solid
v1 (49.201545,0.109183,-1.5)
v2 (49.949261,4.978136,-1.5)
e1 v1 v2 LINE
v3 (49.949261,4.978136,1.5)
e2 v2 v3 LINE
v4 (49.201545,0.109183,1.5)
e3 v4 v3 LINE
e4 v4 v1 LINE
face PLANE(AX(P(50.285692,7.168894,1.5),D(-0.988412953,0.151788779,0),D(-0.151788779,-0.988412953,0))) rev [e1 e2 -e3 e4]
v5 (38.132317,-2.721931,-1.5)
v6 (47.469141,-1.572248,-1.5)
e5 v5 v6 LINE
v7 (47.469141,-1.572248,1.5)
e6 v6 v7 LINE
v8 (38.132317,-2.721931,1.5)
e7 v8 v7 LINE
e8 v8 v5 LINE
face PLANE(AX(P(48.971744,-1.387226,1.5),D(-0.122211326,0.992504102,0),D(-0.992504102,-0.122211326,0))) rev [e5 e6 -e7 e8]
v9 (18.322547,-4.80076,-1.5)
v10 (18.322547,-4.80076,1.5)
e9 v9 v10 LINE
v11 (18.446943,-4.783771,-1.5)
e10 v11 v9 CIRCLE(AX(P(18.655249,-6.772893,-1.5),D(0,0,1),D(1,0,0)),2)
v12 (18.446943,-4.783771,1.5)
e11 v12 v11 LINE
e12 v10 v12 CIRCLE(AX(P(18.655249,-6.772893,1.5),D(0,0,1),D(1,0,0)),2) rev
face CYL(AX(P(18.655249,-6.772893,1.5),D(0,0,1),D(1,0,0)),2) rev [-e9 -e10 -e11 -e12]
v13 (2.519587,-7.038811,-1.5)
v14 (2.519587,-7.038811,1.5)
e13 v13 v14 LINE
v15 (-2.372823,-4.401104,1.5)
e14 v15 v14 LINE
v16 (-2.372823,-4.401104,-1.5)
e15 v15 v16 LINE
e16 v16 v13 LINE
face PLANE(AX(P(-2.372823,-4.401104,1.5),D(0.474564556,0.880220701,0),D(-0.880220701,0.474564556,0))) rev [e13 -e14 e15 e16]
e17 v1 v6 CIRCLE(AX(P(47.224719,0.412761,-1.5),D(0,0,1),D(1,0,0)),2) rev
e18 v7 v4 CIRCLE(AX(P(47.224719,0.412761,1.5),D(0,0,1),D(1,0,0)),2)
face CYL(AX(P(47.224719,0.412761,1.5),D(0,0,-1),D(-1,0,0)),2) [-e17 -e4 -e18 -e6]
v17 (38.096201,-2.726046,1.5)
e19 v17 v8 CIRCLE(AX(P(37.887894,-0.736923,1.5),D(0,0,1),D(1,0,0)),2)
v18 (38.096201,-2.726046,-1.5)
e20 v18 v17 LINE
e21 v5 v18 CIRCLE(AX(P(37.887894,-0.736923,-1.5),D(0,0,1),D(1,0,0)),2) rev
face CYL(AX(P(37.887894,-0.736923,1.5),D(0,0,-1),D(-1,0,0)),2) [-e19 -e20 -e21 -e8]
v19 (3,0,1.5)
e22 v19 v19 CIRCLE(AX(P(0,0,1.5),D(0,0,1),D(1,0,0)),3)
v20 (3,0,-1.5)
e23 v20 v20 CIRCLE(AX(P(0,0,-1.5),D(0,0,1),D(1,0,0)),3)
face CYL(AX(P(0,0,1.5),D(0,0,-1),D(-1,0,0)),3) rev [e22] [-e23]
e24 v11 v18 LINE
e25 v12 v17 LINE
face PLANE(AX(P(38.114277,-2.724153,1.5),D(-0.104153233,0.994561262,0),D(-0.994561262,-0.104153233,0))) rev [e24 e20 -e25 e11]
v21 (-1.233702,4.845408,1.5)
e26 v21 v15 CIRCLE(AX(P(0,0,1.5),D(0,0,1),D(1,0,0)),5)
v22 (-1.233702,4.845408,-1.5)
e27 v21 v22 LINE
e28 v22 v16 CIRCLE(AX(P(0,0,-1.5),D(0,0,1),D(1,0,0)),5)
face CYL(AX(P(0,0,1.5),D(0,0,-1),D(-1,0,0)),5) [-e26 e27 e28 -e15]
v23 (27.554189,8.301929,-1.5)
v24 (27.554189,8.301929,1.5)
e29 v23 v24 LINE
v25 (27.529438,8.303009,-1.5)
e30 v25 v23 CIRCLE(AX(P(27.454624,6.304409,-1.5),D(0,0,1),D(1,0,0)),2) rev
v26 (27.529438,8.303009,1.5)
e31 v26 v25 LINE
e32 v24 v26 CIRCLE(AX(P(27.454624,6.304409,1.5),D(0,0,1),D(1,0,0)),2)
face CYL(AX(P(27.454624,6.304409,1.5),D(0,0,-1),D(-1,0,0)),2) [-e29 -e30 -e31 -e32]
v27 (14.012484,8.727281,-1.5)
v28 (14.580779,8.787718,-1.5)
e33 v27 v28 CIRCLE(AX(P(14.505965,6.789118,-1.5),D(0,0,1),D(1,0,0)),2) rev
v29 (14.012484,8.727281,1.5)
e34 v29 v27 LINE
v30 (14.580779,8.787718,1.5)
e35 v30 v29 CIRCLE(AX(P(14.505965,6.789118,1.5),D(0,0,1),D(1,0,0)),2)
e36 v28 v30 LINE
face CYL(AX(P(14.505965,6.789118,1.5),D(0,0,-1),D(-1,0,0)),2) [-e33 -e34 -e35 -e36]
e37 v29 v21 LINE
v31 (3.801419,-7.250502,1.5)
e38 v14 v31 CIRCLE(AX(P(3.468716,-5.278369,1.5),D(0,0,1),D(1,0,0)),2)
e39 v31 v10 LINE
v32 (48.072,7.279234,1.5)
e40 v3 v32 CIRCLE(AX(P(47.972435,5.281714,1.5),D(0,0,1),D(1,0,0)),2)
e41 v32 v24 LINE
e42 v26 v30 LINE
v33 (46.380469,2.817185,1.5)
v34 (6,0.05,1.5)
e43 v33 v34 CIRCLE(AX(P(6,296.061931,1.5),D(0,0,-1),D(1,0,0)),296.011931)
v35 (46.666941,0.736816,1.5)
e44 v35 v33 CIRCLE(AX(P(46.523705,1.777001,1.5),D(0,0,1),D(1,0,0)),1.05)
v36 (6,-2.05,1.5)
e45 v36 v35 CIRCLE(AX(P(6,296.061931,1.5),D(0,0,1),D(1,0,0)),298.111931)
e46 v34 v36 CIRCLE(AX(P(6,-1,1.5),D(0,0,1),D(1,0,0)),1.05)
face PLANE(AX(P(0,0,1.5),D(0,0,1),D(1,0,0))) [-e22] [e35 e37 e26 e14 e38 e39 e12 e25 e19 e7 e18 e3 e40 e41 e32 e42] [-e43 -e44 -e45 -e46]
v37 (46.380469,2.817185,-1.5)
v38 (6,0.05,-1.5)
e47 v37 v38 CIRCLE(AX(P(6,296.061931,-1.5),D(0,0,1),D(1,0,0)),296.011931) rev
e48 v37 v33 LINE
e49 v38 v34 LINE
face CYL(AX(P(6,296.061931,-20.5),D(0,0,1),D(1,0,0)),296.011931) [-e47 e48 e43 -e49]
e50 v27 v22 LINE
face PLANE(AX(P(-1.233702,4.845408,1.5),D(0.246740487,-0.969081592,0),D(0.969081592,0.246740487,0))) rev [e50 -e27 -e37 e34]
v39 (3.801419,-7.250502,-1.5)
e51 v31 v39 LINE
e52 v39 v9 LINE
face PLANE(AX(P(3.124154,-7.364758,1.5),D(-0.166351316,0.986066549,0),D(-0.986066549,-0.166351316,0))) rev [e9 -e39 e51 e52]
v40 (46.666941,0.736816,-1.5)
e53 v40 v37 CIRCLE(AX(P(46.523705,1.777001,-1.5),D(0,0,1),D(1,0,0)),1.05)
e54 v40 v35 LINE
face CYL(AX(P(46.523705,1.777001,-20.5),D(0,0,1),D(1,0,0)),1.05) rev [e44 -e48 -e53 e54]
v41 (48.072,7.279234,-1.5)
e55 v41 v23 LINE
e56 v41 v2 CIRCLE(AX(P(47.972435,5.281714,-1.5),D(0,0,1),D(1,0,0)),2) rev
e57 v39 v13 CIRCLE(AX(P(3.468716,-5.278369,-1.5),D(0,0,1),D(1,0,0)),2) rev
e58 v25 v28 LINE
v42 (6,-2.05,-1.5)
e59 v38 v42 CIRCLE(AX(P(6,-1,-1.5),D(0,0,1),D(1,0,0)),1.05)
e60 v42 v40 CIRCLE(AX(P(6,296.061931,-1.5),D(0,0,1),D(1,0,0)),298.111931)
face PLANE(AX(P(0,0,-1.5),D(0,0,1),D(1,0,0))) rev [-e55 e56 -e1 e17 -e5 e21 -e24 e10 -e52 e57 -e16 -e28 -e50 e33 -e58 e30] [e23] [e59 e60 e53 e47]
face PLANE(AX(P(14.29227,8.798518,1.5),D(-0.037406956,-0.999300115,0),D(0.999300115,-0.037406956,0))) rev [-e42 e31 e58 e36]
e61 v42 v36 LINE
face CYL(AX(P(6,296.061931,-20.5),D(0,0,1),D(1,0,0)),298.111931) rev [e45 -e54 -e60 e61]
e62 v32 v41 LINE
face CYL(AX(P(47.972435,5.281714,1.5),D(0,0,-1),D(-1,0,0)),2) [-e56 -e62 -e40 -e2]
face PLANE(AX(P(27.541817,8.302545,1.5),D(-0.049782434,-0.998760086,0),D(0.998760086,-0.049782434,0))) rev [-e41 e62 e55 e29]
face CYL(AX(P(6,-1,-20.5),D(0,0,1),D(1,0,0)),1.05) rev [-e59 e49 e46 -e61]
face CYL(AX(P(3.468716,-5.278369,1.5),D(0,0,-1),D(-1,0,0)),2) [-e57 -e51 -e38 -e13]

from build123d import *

# Parameters (mm, degrees)
SKETCH_1_R          = 3
EXTRUDE_1_DEPTH     = 1.5
CUT_EXTRUDE_1_DEPTH = 22
FILLET_1_R          = 2


with BuildPart() as part:
    # 草图1 → 凸台-拉伸1 (new, symmetric)
    with BuildSketch(Plane.XY):
        with BuildLine():
            Line((-1.233702436, 4.84540796), (14.292269552, 8.798517714))
            Line((14.292269552, 8.798517714), (27.541816671, 8.302545362))
            Line((27.541816671, 8.302545362), (50.285691672, 7.168894271))
            Line((50.285691672, 7.168894271), (48.971743891, -1.387225717))
            Line((48.971743891, -1.387225717), (38.114277377, -2.724152564))
            Line((38.114277377, -2.724152564), (18.384478153, -4.790312237))
            Line((18.384478153, -4.790312237), (3.124153733, -7.364758207))
            Line((3.124153733, -7.364758207), (-2.372822781, -4.401103504))
            ThreePointArc((-2.372822781, -4.401103504), (-4.962484216, 0.611351292), (-1.233702436, 4.84540796))
        make_face()
        Circle(SKETCH_1_R, mode=Mode.SUBTRACT)
    extrude(amount=EXTRUDE_1_DEPTH, both=True)

    # 草图2 → 切除-拉伸1 (cut)
    with BuildSketch(Plane.XY.offset(1.5)):
        with BuildLine():
            ThreePointArc((6, -2.05), (26.381158068, -1.352479883), (46.666940766, 0.736816365))
            ThreePointArc((46.666940766, 0.736816365), (47.563889378, 1.920236488), (46.380469254, 2.8171851))
            ThreePointArc((46.380469254, 2.8171851), (26.237586384, 0.742606553), (6, 0.05))
            ThreePointArc((6, 0.05), (4.95, -1), (6, -2.05))
        make_face()
    extrude(amount=-CUT_EXTRUDE_1_DEPTH, mode=Mode.SUBTRACT)

    # 圆角1
    fillet_1_edges = [part.edges().sort_by_distance(p)[0] for p in [
        (14.292269552, 8.798517714, 0),
        (27.541816671, 8.302545362, 0),
        (50.285691672, 7.168894271, 0),
        (48.971743891, -1.387225717, 0),
        (38.114277377, -2.724152564, 0),
        (18.384478153, -4.790312237, 0),
        (3.124153733, -7.364758207, 0),
    ]]
    fillet(fillet_1_edges, radius=FILLET_1_R)


solid = part.part
